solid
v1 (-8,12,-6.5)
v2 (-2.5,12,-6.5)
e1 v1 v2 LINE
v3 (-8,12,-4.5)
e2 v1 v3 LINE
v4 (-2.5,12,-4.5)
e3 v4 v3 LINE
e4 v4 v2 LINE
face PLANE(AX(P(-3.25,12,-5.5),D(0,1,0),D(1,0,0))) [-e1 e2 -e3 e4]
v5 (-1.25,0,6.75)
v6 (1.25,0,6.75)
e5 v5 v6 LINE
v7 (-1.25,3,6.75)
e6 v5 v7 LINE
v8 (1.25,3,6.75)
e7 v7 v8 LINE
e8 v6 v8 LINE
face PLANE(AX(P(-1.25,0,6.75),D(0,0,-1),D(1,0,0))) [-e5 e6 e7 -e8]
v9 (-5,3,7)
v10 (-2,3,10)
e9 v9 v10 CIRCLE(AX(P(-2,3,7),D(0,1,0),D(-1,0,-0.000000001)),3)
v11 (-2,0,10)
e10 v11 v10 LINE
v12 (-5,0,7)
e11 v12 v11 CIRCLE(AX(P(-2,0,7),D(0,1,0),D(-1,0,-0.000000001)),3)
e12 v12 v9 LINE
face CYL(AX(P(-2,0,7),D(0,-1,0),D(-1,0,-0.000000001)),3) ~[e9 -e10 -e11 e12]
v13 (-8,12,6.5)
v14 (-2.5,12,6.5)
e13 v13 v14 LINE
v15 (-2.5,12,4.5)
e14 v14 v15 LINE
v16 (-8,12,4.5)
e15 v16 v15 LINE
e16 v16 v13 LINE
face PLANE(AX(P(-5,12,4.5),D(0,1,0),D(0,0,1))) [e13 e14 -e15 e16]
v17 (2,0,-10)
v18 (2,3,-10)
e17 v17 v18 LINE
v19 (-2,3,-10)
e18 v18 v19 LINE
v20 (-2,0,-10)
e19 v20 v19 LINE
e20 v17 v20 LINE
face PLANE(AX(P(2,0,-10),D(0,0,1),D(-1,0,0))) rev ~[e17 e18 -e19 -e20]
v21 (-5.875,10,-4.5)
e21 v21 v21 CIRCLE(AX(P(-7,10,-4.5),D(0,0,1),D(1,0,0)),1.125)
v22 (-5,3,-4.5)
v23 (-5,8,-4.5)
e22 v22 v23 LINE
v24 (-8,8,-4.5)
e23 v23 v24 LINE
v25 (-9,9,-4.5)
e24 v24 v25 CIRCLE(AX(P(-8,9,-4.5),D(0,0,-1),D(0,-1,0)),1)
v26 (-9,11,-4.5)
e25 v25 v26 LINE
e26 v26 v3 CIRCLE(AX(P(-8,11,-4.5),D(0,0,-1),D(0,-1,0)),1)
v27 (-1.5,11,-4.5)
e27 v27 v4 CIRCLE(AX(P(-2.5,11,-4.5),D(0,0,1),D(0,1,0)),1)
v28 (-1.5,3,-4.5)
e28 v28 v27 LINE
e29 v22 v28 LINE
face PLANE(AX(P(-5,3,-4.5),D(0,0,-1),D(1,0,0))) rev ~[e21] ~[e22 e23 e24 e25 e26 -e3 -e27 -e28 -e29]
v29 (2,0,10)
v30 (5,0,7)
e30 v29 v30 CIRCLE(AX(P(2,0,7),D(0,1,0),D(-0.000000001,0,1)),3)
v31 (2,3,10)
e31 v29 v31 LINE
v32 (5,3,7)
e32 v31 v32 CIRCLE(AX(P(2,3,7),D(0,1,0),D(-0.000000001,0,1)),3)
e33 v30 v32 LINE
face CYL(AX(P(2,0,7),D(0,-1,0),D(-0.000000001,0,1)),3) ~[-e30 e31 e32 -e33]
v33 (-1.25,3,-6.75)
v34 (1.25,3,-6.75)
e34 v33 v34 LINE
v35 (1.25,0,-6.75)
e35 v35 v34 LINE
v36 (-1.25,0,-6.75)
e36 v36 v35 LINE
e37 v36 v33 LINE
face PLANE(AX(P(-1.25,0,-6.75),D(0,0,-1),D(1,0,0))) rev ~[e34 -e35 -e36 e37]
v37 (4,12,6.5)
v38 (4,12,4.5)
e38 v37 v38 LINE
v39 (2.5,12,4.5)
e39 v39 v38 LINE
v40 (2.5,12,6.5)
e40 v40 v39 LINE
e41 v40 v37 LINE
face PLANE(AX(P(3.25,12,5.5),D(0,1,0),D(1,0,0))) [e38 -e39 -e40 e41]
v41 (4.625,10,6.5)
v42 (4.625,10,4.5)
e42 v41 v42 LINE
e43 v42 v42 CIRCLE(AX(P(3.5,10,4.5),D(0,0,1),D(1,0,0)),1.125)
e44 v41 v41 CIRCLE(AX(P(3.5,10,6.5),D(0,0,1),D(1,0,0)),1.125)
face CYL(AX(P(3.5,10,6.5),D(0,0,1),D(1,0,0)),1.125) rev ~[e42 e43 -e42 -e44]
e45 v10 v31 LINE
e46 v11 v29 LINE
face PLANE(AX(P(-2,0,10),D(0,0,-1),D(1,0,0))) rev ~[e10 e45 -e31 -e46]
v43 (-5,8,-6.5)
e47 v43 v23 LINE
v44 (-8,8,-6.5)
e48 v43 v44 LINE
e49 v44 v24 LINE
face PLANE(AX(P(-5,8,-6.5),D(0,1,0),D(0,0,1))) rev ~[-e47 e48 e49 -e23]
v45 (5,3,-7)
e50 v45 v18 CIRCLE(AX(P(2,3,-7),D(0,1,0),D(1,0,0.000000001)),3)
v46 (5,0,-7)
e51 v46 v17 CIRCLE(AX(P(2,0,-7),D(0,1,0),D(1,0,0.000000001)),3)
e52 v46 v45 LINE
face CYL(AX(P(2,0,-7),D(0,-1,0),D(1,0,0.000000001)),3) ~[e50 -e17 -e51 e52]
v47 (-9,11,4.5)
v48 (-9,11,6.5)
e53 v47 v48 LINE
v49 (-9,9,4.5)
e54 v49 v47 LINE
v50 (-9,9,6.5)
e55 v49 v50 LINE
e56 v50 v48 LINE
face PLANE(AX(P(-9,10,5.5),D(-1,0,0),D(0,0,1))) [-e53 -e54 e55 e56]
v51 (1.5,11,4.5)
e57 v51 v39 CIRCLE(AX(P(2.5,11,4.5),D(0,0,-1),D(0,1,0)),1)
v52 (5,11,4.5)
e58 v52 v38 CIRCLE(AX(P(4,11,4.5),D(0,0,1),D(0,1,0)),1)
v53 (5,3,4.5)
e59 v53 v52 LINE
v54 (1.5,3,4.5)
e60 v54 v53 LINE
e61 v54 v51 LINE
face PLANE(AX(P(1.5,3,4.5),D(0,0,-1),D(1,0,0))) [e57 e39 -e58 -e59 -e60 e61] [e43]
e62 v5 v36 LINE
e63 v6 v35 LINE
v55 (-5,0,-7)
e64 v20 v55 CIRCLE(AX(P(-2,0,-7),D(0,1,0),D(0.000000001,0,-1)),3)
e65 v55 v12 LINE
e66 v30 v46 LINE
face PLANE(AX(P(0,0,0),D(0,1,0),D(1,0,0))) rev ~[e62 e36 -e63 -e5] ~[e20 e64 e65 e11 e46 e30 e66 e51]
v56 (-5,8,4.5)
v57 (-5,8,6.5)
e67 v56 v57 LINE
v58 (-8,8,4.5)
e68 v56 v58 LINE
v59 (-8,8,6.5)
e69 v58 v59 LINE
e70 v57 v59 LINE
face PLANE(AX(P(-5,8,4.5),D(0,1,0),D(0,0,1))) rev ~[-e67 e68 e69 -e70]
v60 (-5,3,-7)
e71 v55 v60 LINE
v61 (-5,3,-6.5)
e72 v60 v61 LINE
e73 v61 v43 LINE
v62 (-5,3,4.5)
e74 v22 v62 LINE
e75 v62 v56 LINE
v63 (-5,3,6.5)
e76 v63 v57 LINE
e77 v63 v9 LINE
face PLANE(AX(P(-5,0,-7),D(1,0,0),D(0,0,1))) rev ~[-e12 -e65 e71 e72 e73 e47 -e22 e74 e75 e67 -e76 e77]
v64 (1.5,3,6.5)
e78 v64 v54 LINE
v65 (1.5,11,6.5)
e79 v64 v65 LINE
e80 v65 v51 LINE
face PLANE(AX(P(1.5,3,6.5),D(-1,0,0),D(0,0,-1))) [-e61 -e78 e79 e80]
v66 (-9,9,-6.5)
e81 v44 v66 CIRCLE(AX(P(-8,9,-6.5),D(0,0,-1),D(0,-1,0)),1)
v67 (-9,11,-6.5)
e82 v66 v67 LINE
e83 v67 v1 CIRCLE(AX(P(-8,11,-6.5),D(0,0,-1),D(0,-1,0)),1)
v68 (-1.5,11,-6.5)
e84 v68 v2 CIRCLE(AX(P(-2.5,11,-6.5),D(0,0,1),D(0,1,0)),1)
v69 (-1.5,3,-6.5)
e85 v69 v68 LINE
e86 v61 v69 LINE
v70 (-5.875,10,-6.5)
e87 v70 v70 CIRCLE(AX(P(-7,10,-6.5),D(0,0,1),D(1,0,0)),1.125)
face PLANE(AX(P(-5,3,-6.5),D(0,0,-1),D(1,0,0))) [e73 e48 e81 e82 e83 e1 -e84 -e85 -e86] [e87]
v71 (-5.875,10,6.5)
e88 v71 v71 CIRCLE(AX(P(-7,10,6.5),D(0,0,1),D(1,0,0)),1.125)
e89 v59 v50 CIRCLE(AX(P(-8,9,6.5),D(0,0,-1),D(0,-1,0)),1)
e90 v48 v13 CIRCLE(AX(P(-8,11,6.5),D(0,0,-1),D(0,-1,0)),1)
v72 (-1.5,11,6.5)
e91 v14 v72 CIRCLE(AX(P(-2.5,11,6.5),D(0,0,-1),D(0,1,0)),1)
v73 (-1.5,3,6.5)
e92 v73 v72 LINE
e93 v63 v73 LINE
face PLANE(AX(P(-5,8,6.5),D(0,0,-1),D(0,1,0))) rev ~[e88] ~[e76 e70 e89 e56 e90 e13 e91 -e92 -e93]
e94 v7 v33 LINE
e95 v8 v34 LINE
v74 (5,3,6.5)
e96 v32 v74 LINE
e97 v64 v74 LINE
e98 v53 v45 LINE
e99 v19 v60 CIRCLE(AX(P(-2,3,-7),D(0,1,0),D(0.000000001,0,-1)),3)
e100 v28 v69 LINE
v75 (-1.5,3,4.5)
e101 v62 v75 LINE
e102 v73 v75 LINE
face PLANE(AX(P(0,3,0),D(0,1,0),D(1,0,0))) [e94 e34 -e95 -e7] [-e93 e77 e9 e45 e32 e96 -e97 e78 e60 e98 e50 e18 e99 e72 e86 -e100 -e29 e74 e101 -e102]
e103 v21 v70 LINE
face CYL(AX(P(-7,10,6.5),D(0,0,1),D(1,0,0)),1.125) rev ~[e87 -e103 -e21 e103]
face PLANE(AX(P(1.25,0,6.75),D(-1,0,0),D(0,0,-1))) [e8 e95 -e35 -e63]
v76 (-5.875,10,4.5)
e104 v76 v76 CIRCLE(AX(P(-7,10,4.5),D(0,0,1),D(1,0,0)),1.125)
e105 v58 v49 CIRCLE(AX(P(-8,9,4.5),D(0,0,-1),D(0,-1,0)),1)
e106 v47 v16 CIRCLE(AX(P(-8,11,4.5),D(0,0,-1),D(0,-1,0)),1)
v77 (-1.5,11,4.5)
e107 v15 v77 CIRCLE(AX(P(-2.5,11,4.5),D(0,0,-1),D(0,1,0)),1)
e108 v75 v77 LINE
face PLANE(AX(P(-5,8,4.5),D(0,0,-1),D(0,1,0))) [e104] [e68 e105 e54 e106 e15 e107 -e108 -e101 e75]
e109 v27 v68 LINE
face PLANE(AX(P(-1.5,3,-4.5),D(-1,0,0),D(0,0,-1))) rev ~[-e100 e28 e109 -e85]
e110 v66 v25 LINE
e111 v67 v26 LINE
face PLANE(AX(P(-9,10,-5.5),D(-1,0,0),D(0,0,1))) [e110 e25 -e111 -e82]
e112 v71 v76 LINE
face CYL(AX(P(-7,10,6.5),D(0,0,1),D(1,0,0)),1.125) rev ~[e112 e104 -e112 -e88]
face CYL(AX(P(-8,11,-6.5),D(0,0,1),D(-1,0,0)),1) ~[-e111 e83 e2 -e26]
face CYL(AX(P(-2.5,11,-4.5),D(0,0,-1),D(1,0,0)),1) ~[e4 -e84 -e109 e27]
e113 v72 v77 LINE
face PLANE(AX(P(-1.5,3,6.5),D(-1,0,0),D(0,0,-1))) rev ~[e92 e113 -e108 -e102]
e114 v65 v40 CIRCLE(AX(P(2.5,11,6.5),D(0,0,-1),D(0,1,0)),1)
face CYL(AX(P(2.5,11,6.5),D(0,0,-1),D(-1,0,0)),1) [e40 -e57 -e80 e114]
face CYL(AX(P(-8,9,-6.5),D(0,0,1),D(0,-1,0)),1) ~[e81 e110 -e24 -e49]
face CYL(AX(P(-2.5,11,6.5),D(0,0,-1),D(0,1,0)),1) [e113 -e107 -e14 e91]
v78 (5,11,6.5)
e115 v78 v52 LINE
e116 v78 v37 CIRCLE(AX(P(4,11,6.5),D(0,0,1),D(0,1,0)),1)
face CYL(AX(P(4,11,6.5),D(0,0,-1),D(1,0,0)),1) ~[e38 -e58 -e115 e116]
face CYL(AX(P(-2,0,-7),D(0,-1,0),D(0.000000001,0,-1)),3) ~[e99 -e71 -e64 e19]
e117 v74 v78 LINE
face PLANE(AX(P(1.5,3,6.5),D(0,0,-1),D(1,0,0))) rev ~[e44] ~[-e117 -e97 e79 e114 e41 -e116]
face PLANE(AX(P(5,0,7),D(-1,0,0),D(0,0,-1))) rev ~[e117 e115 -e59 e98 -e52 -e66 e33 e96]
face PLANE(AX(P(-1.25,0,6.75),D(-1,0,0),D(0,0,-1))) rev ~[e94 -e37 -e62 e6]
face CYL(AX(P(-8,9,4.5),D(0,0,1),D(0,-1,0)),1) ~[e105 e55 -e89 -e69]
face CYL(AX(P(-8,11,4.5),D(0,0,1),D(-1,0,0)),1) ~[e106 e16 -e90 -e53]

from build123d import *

# Parameters (mm, degrees)
CROQUIS1_W              = 2.5
CROQUIS1_H              = 13.5
SALIENTE_EXTRUIR1_DEPTH = 3
CROQUIS2_W              = 3.5
CROQUIS2_H              = 2
SALIENTE_EXTRUIR2_DEPTH = 9
CROQUIS3_R              = 1.125
CORTAR_EXTRUIR1_DEPTH   = 13
CROQUIS5_W              = 2
CROQUIS5_H              = 4
SALIENTE_EXTRUIR3_DEPTH = 4
CROQUIS6_R              = 1.125
CORTAR_EXTRUIR3_DEPTH   = 23.299103121
REDONDEO2_R             = 1


with BuildPart() as part:
    # Croquis1 → Saliente-Extruir1 (new body)
    with BuildSketch(Plane(origin=(0, 0, 0), x_dir=(1, 0, 0), z_dir=(0, 1, 0))):
        with BuildLine():
            Line((-2, -10), (2, -10))
            ThreePointArc((2, -10), (4.121320344, -9.121320344), (5, -7))
            Line((5, -7), (5, 7))
            ThreePointArc((5, 7), (4.121320344, 9.121320344), (2, 10))
            Line((2, 10), (-2, 10))
            ThreePointArc((-2, 10), (-4.121320344, 9.121320344), (-5, 7))
            Line((-5, 7), (-5, -7))
            ThreePointArc((-5, -7), (-4.121320344, -9.121320344), (-2, -10))
        make_face()
        Rectangle(CROQUIS1_W, CROQUIS1_H, mode=Mode.SUBTRACT)
    extrude(amount=SALIENTE_EXTRUIR1_DEPTH)

    # Croquis2 → Saliente-Extruir2 (add)
    with BuildSketch(Plane(origin=(0, 3, 0), x_dir=(1, 0, 0), z_dir=(0, 1, 0))):
        with Locations((-3.25, 5.5)):
            Rectangle(CROQUIS2_W, CROQUIS2_H)
        with Locations((-3.25, -5.5)):
            Rectangle(CROQUIS2_W, CROQUIS2_H)
        with Locations((3.25, -5.5)):
            Rectangle(CROQUIS2_W, CROQUIS2_H)
    extrude(amount=SALIENTE_EXTRUIR2_DEPTH)

    # Croquis3 → Cortar-Extruir1 (cut)
    with BuildSketch(Plane.XY.offset(6.5)):
        with Locations((3.5, 10)):
            Circle(CROQUIS3_R)
    extrude(amount=-CORTAR_EXTRUIR1_DEPTH, mode=Mode.SUBTRACT)

    # Croquis5 → Saliente-Extruir3 (add)
    with BuildSketch(Plane.ZY.offset(5)):
        with Locations((5.5, 10)):
            Rectangle(CROQUIS5_W, CROQUIS5_H)
        with Locations((-5.5, 10)):
            Rectangle(CROQUIS5_W, CROQUIS5_H)
    extrude(amount=SALIENTE_EXTRUIR3_DEPTH)

    # Croquis6 → Cortar-Extruir3 (cut, through all)
    with BuildSketch(Plane.XY.offset(6.5)):
        with Locations((-7, 10)):
            Circle(CROQUIS6_R)
    extrude(amount=-CORTAR_EXTRUIR3_DEPTH, mode=Mode.SUBTRACT)

    # Redondeo2
    redondeo2_edges = [part.edges().sort_by_distance(p)[0] for p in [
        (-1.5, 12, -5.5),
        (-1.5, 12, 5.5),
        (1.5, 12, 5.5),
        (5, 12, 5.5),
        (-9, 8, 5.5),
        (-9, 12, 5.5),
        (-9, 12, -5.5),
        (-9, 8, -5.5),
    ]]
    fillet(redondeo2_edges, radius=REDONDEO2_R)


solid = part.part
